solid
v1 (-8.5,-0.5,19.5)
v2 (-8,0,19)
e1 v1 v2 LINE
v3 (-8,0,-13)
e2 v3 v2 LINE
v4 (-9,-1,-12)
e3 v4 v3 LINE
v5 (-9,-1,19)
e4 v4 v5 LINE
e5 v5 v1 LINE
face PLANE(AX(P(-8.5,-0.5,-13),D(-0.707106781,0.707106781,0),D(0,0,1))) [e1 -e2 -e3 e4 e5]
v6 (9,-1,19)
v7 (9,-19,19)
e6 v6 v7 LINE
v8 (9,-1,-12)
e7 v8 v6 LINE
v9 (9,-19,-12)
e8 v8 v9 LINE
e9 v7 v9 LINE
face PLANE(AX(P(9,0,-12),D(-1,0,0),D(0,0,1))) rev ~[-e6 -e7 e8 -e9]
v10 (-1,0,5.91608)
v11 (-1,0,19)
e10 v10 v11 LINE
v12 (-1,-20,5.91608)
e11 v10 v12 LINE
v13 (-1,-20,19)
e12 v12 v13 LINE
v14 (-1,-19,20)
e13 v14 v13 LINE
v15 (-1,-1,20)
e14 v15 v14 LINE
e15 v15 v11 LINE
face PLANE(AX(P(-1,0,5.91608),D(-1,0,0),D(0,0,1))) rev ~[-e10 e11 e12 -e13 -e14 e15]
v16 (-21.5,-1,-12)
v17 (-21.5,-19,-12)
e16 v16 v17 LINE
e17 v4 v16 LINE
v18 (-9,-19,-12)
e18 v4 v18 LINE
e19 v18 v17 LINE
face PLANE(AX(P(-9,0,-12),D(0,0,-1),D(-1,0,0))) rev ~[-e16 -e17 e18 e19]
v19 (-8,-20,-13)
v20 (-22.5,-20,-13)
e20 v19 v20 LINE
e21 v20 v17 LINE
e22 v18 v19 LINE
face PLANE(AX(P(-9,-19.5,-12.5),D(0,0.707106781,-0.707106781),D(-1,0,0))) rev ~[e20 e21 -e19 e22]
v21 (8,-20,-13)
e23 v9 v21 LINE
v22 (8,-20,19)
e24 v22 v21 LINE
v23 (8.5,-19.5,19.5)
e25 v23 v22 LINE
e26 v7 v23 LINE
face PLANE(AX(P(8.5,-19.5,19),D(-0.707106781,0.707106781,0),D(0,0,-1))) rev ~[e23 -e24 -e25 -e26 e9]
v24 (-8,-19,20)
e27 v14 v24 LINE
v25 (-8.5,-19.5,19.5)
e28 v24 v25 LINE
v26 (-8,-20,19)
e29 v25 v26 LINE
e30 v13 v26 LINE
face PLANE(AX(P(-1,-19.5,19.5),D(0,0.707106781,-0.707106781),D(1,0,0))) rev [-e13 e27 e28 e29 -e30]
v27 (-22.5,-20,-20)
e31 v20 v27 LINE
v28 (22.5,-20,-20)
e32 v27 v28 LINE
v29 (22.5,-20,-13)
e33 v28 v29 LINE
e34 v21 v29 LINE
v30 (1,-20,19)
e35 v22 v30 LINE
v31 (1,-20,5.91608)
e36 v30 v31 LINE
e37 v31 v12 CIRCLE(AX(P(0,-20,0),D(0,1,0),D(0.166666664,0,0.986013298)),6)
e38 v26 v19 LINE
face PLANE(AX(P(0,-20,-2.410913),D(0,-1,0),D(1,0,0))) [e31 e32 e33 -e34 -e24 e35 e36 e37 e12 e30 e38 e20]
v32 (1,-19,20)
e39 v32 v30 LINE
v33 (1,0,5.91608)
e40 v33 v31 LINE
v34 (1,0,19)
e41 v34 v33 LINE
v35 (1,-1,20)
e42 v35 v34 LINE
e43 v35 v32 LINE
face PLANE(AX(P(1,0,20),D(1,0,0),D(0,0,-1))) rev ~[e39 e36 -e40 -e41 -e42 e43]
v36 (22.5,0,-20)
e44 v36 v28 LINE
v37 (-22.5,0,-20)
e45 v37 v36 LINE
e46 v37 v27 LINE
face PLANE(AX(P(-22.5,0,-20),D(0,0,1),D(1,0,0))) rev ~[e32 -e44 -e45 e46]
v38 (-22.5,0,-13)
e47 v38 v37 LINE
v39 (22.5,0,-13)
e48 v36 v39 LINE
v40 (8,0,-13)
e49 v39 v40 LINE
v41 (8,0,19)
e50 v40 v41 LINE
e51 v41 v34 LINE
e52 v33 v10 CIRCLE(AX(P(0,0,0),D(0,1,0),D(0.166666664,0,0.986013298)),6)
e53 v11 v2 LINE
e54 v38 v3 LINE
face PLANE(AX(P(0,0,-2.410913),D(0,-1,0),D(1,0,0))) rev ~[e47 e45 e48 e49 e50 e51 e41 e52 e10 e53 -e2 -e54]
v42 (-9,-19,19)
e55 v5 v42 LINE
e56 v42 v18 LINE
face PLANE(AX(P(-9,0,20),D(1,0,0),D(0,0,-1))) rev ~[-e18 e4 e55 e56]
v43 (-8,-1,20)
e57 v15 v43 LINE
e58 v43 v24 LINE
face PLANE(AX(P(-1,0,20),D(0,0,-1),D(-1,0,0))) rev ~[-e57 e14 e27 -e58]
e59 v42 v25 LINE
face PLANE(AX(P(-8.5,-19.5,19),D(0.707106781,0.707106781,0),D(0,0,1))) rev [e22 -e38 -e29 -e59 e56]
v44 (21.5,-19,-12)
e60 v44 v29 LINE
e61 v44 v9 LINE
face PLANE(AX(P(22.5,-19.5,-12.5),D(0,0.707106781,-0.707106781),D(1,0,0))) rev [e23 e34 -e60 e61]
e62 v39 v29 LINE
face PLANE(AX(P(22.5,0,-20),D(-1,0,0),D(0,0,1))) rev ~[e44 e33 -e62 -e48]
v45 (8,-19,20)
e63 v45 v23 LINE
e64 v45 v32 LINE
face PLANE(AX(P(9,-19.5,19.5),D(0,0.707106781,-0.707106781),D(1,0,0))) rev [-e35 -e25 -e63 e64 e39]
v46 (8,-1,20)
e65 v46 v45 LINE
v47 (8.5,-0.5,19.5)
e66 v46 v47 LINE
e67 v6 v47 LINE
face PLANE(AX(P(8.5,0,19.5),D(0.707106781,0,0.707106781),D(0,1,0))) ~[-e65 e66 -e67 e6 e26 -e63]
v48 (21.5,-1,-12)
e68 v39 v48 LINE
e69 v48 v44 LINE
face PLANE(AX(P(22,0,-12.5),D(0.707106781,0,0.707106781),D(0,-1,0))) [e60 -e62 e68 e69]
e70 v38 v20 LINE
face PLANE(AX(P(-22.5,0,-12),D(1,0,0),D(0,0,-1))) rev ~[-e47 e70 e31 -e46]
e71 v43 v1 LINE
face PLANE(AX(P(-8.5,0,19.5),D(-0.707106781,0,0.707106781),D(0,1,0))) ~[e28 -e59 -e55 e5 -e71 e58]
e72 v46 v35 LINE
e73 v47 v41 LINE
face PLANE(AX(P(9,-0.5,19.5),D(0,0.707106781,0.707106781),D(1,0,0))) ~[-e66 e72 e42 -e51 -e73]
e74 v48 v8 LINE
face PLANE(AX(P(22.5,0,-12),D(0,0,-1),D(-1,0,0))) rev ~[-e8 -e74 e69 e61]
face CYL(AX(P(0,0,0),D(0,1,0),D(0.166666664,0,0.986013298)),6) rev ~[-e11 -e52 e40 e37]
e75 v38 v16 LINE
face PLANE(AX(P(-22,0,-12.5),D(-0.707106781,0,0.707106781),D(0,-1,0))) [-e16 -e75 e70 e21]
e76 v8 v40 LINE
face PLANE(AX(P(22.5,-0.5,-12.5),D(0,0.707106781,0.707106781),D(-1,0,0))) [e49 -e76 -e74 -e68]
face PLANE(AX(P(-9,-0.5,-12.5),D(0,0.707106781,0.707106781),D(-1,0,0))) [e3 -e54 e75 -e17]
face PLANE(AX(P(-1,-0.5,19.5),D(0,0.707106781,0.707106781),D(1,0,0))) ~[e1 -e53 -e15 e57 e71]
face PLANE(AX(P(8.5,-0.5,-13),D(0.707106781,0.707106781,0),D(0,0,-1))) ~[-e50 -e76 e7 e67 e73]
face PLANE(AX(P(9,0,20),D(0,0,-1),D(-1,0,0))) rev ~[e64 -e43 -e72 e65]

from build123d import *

# Parameters (mm, degrees)
F1_DEPTH = 20
F2_SIZE  = 1
F3_SIZE  = 1
F4_SIZE  = 1


with BuildPart() as f1:
    # F0 (on Front) → F1 (new body)
    with BuildSketch(Plane.XZ):
        with BuildLine():
            Line((-9, -12), (-22.5, -12))
            Line((-22.5, -12), (-22.5, -20))
            Line((-22.5, -20), (22.5, -20))
            Line((22.5, -20), (22.5, -12))
            Line((22.5, -12), (9, -12))
            Line((9, -12), (9, 20))
            Line((9, 20), (1, 20))
            Line((1, 20), (1, 5.91608))
            ThreePointArc((1, 5.91608), (0, -6), (-1, 5.91608))
            Line((-1, 5.91608), (-1, 20))
            Line((-1, 20), (-9, 20))
            Line((-9, 20), (-9, -12))
        make_face()
    extrude(amount=F1_DEPTH)

    # F2
    f2_edges = [f1.edges().sort_by_distance(p)[0] for p in [
        (-5, -20, 20),
        (-5, 0, 20),
        (5, 0, 20),
        (5, -20, 20),
        (9, -10, 20),
        (-9, -10, 20),
    ]]
    chamfer(f2_edges, length=F2_SIZE)

    # F3
    f3_edges = [f1.edges().sort_by_distance(p)[0] for p in [
        (15.75, 0, -12),
        (15.75, -20, -12),
        (22.5, -10, -12),
        (-15.75, -20, -12),
        (-22.5, -10, -12),
        (-15.75, 0, -12),
    ]]
    chamfer(f3_edges, length=F3_SIZE)

    # F4
    f4_edges = [f1.edges().sort_by_distance(p)[0] for p in [
        (9, 0, 3.5),
        (-9, 0, 3.5),
        (9, -20, 3.5),
        (-9, -20, 3.5),
    ]]
    chamfer(f4_edges, length=F4_SIZE)


solid = f1.part
